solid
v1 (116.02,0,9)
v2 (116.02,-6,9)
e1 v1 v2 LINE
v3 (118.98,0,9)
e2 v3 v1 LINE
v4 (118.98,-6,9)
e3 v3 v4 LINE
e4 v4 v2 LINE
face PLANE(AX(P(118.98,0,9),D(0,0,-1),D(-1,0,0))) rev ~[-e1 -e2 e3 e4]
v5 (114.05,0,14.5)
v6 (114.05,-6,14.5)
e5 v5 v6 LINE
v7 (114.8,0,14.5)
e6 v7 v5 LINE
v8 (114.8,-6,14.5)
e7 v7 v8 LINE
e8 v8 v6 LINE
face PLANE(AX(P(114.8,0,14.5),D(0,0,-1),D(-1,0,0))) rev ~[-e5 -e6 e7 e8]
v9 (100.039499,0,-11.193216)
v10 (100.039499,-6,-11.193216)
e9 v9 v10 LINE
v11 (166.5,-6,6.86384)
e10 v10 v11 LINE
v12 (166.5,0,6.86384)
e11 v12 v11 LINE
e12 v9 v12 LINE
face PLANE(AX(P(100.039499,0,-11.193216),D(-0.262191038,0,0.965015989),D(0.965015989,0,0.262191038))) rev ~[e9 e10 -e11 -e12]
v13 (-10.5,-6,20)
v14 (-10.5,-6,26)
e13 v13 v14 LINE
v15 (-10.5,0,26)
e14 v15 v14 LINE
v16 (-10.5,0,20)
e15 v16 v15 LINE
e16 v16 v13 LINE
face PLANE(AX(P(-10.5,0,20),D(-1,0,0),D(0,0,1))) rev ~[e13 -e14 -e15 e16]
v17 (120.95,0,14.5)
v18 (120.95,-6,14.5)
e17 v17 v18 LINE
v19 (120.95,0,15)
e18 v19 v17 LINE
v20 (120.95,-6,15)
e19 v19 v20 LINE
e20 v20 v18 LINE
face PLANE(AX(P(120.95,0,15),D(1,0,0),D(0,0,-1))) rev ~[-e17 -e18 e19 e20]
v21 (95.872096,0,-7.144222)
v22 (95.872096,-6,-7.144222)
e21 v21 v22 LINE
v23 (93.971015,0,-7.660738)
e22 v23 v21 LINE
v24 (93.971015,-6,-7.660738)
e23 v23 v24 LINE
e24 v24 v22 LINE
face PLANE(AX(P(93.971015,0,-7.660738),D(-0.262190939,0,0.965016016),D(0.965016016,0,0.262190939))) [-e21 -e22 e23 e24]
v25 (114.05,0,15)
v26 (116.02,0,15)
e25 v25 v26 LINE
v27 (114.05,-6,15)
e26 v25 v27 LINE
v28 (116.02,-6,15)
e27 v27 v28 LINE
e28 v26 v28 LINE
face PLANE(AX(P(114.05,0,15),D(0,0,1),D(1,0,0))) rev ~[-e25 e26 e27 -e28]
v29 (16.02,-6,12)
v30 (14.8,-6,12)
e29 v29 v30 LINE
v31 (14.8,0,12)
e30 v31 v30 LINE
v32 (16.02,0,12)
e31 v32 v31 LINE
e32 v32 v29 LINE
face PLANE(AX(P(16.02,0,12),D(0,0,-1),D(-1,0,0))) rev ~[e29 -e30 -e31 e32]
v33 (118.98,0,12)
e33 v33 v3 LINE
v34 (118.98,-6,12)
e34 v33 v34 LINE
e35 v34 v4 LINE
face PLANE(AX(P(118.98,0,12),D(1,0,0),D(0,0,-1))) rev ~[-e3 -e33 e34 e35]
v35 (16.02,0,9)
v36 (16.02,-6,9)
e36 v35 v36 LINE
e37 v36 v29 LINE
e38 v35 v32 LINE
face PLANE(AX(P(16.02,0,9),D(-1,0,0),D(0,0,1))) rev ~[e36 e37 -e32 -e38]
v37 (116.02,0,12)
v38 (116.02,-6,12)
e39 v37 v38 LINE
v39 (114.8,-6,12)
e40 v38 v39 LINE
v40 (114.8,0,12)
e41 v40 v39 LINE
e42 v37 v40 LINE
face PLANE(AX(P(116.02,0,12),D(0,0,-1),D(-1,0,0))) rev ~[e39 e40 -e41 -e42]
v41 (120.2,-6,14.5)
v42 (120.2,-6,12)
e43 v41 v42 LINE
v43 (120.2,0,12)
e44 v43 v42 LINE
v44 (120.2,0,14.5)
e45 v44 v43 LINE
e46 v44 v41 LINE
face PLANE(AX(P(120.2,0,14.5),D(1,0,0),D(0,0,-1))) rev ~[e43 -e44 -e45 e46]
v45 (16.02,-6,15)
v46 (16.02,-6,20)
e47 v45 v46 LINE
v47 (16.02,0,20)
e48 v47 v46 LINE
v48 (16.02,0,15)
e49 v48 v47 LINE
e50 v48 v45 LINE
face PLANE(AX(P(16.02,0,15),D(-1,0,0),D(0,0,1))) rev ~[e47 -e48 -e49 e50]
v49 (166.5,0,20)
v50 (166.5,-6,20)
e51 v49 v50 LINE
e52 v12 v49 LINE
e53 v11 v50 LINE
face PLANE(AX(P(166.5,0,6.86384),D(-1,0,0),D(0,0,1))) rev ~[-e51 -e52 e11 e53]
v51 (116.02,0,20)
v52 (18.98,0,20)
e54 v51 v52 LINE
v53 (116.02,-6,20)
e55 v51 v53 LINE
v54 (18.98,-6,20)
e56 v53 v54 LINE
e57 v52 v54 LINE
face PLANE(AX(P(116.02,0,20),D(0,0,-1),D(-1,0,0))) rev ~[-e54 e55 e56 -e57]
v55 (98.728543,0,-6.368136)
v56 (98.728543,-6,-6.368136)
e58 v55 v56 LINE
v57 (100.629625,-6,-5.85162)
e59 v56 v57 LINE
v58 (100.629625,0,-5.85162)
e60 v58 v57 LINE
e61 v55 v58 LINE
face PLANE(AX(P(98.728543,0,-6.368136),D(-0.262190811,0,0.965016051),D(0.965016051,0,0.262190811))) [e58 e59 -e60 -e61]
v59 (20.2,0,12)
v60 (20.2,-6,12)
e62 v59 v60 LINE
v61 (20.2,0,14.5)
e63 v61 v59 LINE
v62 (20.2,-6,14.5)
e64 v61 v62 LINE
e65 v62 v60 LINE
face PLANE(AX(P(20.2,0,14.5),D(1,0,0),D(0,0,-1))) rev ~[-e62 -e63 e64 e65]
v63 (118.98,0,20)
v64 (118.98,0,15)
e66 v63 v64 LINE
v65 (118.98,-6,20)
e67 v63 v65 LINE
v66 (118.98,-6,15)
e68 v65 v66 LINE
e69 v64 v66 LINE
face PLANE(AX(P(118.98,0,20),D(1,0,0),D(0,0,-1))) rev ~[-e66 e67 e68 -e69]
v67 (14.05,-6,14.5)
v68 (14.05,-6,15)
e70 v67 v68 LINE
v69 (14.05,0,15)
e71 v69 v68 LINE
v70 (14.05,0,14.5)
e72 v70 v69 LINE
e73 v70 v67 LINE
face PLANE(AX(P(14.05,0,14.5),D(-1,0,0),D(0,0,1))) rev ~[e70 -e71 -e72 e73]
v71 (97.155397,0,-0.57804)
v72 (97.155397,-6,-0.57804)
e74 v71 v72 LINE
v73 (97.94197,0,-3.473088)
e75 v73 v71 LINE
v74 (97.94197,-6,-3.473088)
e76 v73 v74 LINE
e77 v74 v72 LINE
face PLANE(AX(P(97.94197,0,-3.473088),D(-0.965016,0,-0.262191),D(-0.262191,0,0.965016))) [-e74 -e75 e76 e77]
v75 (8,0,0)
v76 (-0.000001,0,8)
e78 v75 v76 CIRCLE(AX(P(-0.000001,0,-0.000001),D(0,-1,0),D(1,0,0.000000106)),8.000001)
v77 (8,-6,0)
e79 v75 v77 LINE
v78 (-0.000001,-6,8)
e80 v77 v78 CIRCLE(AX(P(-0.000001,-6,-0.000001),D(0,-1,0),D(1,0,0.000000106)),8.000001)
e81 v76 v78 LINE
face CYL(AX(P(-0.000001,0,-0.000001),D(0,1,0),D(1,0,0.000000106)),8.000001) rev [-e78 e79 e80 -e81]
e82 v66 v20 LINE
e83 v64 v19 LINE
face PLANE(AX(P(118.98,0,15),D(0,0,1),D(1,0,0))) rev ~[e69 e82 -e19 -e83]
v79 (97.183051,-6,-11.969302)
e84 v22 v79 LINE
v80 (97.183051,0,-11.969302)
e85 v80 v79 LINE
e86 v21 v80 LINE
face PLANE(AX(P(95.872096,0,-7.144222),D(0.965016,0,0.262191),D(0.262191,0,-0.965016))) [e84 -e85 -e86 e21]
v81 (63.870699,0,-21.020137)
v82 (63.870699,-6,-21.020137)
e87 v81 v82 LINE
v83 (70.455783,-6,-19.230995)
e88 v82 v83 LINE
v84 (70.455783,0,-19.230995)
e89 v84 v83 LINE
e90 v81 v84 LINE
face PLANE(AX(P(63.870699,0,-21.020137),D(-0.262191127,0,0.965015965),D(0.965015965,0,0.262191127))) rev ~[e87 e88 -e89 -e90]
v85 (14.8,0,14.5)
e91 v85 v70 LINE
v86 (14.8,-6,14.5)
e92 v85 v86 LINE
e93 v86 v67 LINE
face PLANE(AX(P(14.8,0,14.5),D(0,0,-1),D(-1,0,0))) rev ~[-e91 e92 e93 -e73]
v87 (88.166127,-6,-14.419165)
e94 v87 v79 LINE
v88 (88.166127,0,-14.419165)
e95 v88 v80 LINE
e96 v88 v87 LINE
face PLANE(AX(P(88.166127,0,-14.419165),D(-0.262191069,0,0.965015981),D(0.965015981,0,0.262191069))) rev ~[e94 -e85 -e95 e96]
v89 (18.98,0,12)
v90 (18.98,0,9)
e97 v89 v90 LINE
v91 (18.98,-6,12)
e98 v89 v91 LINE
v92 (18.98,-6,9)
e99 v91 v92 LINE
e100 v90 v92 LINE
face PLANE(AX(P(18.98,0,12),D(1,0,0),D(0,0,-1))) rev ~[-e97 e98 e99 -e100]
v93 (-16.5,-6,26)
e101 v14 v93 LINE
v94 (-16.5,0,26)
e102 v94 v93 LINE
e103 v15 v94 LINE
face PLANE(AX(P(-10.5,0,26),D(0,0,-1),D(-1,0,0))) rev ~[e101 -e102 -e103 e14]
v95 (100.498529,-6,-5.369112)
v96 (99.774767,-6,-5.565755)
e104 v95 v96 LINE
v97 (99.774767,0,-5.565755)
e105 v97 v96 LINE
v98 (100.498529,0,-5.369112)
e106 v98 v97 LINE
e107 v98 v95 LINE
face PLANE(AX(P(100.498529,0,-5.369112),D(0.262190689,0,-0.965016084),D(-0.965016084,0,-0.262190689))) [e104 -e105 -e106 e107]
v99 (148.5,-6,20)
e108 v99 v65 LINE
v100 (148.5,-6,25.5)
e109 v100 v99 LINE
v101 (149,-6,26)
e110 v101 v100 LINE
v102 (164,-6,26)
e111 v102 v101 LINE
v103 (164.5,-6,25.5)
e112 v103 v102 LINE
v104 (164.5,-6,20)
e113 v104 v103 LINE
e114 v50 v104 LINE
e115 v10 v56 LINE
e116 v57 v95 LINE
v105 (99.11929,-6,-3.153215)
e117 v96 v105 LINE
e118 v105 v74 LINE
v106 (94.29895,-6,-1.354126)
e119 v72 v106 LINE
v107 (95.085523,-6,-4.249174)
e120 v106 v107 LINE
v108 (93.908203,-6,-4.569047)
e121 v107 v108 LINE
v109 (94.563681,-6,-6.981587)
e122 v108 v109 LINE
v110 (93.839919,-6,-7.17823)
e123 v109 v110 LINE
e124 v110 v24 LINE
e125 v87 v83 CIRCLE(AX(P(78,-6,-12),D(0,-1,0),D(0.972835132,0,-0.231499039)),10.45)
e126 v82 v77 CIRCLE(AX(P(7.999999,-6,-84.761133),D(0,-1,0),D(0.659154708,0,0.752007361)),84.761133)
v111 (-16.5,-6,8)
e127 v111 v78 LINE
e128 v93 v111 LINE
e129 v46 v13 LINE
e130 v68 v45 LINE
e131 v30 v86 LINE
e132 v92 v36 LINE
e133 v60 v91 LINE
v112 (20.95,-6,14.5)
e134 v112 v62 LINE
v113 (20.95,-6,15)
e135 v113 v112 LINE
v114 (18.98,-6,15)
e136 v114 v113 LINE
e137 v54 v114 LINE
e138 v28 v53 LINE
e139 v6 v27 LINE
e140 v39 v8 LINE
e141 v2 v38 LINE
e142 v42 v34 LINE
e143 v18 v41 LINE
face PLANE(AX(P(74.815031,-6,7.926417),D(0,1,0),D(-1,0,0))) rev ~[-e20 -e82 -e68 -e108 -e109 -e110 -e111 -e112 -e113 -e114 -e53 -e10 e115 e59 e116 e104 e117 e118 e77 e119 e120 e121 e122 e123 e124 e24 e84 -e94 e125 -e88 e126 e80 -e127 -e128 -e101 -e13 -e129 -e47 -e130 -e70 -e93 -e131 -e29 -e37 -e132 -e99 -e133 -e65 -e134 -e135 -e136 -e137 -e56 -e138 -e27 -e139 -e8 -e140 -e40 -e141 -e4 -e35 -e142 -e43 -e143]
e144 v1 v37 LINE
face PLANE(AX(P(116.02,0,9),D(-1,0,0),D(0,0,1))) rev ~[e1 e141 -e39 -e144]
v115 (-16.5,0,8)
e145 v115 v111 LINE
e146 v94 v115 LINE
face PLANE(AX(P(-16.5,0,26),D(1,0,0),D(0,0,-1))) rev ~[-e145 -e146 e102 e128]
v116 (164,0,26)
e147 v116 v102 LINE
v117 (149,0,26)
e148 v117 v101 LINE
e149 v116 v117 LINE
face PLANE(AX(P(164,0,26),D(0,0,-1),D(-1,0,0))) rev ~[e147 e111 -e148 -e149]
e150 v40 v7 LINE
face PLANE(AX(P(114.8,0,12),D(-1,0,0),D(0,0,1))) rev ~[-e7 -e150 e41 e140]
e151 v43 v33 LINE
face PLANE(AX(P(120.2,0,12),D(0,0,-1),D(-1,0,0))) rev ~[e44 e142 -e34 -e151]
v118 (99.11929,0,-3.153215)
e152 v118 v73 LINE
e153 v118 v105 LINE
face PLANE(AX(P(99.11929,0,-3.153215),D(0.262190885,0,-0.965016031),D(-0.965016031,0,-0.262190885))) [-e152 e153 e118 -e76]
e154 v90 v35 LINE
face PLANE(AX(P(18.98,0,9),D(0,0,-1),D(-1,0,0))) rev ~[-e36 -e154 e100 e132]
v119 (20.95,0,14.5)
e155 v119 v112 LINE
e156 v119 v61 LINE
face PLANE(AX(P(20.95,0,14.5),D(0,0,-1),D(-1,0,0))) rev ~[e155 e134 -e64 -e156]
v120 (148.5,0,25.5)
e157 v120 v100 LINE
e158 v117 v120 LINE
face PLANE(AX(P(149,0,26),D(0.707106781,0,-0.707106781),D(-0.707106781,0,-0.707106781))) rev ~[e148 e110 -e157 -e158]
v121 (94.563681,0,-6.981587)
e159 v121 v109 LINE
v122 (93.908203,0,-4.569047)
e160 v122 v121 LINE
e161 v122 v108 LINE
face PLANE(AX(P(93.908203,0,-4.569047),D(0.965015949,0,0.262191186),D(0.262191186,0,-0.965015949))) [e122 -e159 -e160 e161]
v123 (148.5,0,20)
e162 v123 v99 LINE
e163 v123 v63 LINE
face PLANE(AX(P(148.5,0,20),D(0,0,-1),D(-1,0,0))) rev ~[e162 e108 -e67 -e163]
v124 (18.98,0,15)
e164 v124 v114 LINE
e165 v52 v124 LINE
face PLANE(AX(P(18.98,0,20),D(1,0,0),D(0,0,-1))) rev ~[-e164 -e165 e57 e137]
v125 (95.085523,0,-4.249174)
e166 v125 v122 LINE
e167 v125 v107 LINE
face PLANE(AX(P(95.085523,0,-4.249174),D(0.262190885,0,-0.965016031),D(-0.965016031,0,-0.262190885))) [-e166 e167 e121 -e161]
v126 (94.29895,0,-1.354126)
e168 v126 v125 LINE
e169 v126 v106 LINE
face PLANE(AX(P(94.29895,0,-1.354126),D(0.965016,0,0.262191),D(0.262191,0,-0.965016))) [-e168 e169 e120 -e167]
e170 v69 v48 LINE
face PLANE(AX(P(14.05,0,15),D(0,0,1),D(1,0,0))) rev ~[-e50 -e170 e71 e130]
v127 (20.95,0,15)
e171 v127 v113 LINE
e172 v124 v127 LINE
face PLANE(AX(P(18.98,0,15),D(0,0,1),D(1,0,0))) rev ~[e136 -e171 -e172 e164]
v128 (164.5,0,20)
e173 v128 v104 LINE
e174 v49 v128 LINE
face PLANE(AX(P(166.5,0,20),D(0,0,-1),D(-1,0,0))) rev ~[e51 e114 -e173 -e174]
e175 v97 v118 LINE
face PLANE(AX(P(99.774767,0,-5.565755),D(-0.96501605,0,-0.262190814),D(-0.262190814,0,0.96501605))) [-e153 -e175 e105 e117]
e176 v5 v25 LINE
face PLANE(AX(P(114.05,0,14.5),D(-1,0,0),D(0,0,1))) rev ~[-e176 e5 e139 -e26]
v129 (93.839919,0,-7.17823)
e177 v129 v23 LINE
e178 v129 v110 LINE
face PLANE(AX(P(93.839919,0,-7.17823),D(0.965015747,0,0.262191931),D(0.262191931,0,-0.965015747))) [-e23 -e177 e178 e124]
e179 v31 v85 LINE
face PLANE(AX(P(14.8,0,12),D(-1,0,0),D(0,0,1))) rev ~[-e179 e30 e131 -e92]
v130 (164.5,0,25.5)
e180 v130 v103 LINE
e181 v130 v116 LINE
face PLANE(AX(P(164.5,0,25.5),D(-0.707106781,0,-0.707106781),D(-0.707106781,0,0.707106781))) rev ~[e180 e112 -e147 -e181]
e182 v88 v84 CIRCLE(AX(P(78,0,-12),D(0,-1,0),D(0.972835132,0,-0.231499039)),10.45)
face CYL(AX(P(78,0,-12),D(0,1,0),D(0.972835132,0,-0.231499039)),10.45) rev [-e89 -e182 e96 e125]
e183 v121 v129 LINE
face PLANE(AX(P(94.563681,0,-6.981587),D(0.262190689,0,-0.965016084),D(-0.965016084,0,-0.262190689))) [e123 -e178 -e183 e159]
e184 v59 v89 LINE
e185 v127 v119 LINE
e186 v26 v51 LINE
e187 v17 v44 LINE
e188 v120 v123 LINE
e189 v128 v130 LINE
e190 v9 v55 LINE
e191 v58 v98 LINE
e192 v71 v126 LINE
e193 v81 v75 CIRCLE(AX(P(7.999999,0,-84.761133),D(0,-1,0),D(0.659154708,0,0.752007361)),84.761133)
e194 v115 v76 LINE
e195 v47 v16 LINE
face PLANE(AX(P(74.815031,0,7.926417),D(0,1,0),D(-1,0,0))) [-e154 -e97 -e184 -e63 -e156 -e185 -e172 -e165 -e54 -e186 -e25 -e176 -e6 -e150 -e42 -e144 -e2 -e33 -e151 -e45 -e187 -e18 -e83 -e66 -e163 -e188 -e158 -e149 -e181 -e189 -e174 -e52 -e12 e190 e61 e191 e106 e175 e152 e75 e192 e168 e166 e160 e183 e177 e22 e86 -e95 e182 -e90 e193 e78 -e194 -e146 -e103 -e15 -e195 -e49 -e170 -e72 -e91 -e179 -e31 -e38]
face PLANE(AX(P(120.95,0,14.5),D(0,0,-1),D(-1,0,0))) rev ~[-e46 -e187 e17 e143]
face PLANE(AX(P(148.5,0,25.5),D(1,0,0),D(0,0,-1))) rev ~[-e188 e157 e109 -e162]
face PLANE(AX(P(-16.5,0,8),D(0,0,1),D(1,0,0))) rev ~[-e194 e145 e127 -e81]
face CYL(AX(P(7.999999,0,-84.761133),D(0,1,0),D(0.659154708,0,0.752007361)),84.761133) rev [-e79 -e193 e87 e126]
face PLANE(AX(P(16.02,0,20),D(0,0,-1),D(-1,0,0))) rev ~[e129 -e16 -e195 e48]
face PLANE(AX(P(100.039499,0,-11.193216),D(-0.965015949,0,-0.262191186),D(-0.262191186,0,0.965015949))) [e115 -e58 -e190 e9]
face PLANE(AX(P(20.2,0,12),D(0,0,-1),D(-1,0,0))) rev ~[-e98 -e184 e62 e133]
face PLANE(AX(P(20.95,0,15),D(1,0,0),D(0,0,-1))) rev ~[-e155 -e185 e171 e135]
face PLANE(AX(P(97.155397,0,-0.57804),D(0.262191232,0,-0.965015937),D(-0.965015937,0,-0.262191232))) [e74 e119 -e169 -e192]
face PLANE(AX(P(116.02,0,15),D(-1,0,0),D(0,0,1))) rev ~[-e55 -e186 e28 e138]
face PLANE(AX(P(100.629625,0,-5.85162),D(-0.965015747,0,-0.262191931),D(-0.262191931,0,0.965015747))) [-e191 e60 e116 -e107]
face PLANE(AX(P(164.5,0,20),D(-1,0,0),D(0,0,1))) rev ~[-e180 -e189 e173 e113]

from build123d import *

# Parameters (mm, degrees)
PAD_DEPTH = 6


with BuildPart() as part:
    # Sketch065 → Pad (new body)
    with BuildSketch(Plane.XZ):
        with BuildLine():
            Line((98.728543, -6.368136), (100.629625, -5.85162))
            Line((100.629625, -5.85162), (100.498529, -5.369112))
            Line((100.498529, -5.369112), (99.774767, -5.565755))
            Line((99.774767, -5.565755), (99.11929, -3.153215))
            Line((99.11929, -3.153215), (97.94197, -3.473088))
            Line((97.94197, -3.473088), (97.155397, -0.57804))
            Line((97.155397, -0.57804), (94.29895, -1.354126))
            Line((94.29895, -1.354126), (95.085523, -4.249174))
            Line((95.085523, -4.249174), (93.908203, -4.569047))
            Line((93.908203, -4.569047), (94.563681, -6.981587))
            Line((94.563681, -6.981587), (93.839919, -7.17823))
            Line((93.839919, -7.17823), (93.971015, -7.660738))
            Line((93.971015, -7.660738), (95.872096, -7.144222))
            Line((95.872096, -7.144222), (97.183051, -11.969302))
            Line((88.166127, -14.419165), (97.183051, -11.969302))
            ThreePointArc((88.166127, -14.419165), (75.260104, -1.915583), (70.455783, -19.230995))
            Line((63.870699, -21.020137), (70.455783, -19.230995))
            ThreePointArc((63.870699, -21.020137), (37.847032, -5.428893), (8, 0))
            ThreePointArc((8, 0), (5.656854, 5.656854), (-1e-06, 8))
            Line((-16.5, 8), (-1e-06, 8))
            Line((-16.5, 26), (-16.5, 8))
            Line((-10.5, 26), (-16.5, 26))
            Line((-10.5, 20), (-10.5, 26))
            Line((16.02, 20), (-10.5, 20))
            Line((16.02, 15), (16.02, 20))
            Line((14.05, 15), (16.02, 15))
            Line((14.05, 14.5), (14.05, 15))
            Line((14.8, 14.5), (14.05, 14.5))
            Line((14.8, 12), (14.8, 14.5))
            Line((16.02, 12), (14.8, 12))
            Line((16.02, 9), (16.02, 12))
            Line((18.98, 9), (16.02, 9))
            Line((18.98, 12), (18.98, 9))
            Line((20.2, 12), (18.98, 12))
            Line((20.2, 14.5), (20.2, 12))
            Line((20.95, 14.5), (20.2, 14.5))
            Line((20.95, 15), (20.95, 14.5))
            Line((18.98, 15), (20.95, 15))
            Line((18.98, 20), (18.98, 15))
            Line((116.02, 20), (18.98, 20))
            Line((116.02, 15), (116.02, 20))
            Line((114.05, 15), (116.02, 15))
            Line((114.05, 14.5), (114.05, 15))
            Line((114.8, 14.5), (114.05, 14.5))
            Line((114.8, 12), (114.8, 14.5))
            Line((116.02, 12), (114.8, 12))
            Line((116.02, 9), (116.02, 12))
            Line((118.98, 9), (116.02, 9))
            Line((118.98, 12), (118.98, 9))
            Line((120.2, 12), (118.98, 12))
            Line((120.2, 14.5), (120.2, 12))
            Line((120.95, 14.5), (120.2, 14.5))
            Line((120.95, 15), (120.95, 14.5))
            Line((118.98, 15), (120.95, 15))
            Line((118.98, 20), (118.98, 15))
            Line((148.5, 20), (118.98, 20))
            Line((148.5, 25.5), (148.5, 20))
            Line((149, 26), (148.5, 25.5))
            Line((164, 26), (149, 26))
            Line((164.5, 25.5), (164, 26))
            Line((164.5, 20), (164.5, 25.5))
            Line((166.5, 20), (164.5, 20))
            Line((166.5, 6.86384), (166.5, 20))
            Line((100.039499, -11.193216), (166.5, 6.86384))
            Line((100.039499, -11.193216), (98.728543, -6.368136))
        make_face()
    extrude(amount=PAD_DEPTH)


solid = part.part
